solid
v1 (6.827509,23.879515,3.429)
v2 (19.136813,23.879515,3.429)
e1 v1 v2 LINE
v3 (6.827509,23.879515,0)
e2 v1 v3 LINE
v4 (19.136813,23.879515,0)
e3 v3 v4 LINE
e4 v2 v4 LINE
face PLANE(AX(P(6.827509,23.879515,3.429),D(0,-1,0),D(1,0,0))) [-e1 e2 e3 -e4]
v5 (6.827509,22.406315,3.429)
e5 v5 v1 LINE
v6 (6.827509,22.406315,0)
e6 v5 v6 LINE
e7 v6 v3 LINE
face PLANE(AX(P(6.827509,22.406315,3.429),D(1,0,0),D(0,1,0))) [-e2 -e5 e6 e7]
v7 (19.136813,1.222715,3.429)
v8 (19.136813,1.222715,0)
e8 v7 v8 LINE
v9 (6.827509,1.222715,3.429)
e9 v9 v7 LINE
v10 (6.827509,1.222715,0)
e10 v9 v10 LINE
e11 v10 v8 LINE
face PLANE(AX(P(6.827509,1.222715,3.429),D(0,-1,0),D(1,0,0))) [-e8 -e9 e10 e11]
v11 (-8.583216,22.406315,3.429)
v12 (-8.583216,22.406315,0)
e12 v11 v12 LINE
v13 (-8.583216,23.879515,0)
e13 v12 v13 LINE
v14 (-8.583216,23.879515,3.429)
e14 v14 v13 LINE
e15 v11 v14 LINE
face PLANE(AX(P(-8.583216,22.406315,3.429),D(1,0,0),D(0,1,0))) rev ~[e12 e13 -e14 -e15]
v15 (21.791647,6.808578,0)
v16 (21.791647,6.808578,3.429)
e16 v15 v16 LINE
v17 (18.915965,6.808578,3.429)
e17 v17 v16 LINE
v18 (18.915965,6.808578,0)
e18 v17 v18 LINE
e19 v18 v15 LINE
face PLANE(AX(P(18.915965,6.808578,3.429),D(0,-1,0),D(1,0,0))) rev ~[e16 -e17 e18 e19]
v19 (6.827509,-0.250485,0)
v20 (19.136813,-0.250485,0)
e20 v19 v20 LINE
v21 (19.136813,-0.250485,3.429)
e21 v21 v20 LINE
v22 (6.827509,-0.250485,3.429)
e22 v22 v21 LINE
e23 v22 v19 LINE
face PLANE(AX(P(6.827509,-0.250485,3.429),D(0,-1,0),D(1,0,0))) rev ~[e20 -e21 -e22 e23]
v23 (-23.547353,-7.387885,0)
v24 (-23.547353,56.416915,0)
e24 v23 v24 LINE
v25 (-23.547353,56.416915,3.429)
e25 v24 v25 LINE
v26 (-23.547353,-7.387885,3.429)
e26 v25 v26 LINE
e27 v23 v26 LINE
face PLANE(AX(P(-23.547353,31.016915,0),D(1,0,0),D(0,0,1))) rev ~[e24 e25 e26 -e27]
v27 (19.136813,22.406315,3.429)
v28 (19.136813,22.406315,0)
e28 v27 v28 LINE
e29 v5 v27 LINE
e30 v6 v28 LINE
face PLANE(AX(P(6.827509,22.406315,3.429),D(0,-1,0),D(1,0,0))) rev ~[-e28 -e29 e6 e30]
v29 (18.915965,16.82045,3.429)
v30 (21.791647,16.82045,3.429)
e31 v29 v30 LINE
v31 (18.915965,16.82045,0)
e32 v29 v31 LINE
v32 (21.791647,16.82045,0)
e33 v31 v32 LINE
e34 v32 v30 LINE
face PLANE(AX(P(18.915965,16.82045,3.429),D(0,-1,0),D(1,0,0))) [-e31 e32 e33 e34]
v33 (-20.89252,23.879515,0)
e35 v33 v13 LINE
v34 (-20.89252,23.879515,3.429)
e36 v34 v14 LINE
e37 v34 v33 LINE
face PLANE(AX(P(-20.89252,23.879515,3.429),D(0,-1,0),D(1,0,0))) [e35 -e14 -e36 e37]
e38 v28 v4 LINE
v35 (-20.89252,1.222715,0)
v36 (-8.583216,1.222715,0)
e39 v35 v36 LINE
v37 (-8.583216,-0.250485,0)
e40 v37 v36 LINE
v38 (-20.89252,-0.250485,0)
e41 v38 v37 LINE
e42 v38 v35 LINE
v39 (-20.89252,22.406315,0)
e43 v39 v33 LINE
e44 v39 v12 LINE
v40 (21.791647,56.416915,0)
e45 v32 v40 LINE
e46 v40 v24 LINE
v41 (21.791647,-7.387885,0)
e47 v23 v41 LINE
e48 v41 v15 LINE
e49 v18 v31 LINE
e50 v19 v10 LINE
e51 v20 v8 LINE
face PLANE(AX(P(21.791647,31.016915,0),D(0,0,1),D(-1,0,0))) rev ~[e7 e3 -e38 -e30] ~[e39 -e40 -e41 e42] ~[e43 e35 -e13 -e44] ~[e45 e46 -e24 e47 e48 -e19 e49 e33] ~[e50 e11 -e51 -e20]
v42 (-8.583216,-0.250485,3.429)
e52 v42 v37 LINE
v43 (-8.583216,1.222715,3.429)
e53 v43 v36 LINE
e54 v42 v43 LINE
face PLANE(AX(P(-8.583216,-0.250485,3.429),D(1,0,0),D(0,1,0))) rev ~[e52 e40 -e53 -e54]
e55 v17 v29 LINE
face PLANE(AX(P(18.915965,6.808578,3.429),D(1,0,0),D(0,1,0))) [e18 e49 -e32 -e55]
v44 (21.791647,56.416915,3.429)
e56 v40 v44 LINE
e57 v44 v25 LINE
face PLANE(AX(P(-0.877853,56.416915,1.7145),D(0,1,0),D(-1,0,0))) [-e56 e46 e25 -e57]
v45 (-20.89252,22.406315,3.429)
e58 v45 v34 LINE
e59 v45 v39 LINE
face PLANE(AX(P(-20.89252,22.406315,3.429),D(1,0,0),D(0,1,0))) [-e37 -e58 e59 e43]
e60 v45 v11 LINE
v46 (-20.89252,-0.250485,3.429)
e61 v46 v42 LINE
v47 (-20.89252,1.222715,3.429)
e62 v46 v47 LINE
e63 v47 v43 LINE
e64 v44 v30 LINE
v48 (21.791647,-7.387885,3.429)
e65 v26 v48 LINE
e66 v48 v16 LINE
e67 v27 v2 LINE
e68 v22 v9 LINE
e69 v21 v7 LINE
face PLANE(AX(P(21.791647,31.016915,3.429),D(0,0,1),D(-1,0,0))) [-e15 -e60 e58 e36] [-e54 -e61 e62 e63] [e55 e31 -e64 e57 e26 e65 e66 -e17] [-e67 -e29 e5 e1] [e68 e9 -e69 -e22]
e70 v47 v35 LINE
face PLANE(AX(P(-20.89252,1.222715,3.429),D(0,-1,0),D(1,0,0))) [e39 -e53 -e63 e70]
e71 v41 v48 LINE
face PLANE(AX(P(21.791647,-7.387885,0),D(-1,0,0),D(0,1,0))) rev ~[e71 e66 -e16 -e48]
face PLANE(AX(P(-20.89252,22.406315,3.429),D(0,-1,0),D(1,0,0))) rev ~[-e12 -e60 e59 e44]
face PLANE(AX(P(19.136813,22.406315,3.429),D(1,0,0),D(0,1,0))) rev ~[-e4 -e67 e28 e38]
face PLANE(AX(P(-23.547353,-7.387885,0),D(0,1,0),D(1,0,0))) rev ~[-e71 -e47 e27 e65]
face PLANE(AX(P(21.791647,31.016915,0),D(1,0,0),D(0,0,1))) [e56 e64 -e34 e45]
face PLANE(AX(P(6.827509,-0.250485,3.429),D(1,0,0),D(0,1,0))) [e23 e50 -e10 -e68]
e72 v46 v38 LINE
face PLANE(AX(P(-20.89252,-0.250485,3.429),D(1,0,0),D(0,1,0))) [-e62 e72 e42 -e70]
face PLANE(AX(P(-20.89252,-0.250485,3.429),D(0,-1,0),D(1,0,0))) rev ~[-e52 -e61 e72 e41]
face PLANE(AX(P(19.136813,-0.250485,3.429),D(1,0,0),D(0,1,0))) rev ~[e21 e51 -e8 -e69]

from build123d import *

# Parameters (mm, degrees)
F0_W     = 45.339
F0_H     = 38.4048
F1_DEPTH = 3.429
F2_W     = 12.309304
F2_H     = 1.4732
F2_W_2   = 5.751361
F2_H_2   = 10.011873
F3_DEPTH = 25.4
F4_W     = 45.339
F4_H     = 3.429
F5_DEPTH = 25.4


with BuildPart() as f1:
    # F0 (on Top) → F1 (new body)
    with BuildSketch(Plane.XY):
        with Locations((-0.877853, 11.814515)):
            Rectangle(F0_W, F0_H)
    extrude(amount=F1_DEPTH)

    # F2 (on face) → F3 (cut)
    with BuildSketch(Plane.XY.offset(3.429)):
        with Locations((-14.737868, 23.142915)):
            Rectangle(F2_W, F2_H)
        with Locations((12.982161, 23.142915)):
            Rectangle(F2_W, F2_H)
        with Locations((-14.737868, 0.486115)):
            Rectangle(F2_W, F2_H)
        with Locations((12.982161, 0.486115)):
            Rectangle(F2_W, F2_H)
        with Locations((21.791646, 11.814514)):
            Rectangle(F2_W_2, F2_H_2)
    extrude(amount=-F3_DEPTH, mode=Mode.SUBTRACT)

    # F4 (on face) → F5 (join)
    with BuildSketch(Plane(origin=(0, 31.016915, 0), x_dir=(-1, 0, 0), z_dir=(0, 1, 0))):
        with Locations((0.877853, 1.7145)):
            Rectangle(F4_W, F4_H)
    extrude(amount=F5_DEPTH)


solid = f1.part
